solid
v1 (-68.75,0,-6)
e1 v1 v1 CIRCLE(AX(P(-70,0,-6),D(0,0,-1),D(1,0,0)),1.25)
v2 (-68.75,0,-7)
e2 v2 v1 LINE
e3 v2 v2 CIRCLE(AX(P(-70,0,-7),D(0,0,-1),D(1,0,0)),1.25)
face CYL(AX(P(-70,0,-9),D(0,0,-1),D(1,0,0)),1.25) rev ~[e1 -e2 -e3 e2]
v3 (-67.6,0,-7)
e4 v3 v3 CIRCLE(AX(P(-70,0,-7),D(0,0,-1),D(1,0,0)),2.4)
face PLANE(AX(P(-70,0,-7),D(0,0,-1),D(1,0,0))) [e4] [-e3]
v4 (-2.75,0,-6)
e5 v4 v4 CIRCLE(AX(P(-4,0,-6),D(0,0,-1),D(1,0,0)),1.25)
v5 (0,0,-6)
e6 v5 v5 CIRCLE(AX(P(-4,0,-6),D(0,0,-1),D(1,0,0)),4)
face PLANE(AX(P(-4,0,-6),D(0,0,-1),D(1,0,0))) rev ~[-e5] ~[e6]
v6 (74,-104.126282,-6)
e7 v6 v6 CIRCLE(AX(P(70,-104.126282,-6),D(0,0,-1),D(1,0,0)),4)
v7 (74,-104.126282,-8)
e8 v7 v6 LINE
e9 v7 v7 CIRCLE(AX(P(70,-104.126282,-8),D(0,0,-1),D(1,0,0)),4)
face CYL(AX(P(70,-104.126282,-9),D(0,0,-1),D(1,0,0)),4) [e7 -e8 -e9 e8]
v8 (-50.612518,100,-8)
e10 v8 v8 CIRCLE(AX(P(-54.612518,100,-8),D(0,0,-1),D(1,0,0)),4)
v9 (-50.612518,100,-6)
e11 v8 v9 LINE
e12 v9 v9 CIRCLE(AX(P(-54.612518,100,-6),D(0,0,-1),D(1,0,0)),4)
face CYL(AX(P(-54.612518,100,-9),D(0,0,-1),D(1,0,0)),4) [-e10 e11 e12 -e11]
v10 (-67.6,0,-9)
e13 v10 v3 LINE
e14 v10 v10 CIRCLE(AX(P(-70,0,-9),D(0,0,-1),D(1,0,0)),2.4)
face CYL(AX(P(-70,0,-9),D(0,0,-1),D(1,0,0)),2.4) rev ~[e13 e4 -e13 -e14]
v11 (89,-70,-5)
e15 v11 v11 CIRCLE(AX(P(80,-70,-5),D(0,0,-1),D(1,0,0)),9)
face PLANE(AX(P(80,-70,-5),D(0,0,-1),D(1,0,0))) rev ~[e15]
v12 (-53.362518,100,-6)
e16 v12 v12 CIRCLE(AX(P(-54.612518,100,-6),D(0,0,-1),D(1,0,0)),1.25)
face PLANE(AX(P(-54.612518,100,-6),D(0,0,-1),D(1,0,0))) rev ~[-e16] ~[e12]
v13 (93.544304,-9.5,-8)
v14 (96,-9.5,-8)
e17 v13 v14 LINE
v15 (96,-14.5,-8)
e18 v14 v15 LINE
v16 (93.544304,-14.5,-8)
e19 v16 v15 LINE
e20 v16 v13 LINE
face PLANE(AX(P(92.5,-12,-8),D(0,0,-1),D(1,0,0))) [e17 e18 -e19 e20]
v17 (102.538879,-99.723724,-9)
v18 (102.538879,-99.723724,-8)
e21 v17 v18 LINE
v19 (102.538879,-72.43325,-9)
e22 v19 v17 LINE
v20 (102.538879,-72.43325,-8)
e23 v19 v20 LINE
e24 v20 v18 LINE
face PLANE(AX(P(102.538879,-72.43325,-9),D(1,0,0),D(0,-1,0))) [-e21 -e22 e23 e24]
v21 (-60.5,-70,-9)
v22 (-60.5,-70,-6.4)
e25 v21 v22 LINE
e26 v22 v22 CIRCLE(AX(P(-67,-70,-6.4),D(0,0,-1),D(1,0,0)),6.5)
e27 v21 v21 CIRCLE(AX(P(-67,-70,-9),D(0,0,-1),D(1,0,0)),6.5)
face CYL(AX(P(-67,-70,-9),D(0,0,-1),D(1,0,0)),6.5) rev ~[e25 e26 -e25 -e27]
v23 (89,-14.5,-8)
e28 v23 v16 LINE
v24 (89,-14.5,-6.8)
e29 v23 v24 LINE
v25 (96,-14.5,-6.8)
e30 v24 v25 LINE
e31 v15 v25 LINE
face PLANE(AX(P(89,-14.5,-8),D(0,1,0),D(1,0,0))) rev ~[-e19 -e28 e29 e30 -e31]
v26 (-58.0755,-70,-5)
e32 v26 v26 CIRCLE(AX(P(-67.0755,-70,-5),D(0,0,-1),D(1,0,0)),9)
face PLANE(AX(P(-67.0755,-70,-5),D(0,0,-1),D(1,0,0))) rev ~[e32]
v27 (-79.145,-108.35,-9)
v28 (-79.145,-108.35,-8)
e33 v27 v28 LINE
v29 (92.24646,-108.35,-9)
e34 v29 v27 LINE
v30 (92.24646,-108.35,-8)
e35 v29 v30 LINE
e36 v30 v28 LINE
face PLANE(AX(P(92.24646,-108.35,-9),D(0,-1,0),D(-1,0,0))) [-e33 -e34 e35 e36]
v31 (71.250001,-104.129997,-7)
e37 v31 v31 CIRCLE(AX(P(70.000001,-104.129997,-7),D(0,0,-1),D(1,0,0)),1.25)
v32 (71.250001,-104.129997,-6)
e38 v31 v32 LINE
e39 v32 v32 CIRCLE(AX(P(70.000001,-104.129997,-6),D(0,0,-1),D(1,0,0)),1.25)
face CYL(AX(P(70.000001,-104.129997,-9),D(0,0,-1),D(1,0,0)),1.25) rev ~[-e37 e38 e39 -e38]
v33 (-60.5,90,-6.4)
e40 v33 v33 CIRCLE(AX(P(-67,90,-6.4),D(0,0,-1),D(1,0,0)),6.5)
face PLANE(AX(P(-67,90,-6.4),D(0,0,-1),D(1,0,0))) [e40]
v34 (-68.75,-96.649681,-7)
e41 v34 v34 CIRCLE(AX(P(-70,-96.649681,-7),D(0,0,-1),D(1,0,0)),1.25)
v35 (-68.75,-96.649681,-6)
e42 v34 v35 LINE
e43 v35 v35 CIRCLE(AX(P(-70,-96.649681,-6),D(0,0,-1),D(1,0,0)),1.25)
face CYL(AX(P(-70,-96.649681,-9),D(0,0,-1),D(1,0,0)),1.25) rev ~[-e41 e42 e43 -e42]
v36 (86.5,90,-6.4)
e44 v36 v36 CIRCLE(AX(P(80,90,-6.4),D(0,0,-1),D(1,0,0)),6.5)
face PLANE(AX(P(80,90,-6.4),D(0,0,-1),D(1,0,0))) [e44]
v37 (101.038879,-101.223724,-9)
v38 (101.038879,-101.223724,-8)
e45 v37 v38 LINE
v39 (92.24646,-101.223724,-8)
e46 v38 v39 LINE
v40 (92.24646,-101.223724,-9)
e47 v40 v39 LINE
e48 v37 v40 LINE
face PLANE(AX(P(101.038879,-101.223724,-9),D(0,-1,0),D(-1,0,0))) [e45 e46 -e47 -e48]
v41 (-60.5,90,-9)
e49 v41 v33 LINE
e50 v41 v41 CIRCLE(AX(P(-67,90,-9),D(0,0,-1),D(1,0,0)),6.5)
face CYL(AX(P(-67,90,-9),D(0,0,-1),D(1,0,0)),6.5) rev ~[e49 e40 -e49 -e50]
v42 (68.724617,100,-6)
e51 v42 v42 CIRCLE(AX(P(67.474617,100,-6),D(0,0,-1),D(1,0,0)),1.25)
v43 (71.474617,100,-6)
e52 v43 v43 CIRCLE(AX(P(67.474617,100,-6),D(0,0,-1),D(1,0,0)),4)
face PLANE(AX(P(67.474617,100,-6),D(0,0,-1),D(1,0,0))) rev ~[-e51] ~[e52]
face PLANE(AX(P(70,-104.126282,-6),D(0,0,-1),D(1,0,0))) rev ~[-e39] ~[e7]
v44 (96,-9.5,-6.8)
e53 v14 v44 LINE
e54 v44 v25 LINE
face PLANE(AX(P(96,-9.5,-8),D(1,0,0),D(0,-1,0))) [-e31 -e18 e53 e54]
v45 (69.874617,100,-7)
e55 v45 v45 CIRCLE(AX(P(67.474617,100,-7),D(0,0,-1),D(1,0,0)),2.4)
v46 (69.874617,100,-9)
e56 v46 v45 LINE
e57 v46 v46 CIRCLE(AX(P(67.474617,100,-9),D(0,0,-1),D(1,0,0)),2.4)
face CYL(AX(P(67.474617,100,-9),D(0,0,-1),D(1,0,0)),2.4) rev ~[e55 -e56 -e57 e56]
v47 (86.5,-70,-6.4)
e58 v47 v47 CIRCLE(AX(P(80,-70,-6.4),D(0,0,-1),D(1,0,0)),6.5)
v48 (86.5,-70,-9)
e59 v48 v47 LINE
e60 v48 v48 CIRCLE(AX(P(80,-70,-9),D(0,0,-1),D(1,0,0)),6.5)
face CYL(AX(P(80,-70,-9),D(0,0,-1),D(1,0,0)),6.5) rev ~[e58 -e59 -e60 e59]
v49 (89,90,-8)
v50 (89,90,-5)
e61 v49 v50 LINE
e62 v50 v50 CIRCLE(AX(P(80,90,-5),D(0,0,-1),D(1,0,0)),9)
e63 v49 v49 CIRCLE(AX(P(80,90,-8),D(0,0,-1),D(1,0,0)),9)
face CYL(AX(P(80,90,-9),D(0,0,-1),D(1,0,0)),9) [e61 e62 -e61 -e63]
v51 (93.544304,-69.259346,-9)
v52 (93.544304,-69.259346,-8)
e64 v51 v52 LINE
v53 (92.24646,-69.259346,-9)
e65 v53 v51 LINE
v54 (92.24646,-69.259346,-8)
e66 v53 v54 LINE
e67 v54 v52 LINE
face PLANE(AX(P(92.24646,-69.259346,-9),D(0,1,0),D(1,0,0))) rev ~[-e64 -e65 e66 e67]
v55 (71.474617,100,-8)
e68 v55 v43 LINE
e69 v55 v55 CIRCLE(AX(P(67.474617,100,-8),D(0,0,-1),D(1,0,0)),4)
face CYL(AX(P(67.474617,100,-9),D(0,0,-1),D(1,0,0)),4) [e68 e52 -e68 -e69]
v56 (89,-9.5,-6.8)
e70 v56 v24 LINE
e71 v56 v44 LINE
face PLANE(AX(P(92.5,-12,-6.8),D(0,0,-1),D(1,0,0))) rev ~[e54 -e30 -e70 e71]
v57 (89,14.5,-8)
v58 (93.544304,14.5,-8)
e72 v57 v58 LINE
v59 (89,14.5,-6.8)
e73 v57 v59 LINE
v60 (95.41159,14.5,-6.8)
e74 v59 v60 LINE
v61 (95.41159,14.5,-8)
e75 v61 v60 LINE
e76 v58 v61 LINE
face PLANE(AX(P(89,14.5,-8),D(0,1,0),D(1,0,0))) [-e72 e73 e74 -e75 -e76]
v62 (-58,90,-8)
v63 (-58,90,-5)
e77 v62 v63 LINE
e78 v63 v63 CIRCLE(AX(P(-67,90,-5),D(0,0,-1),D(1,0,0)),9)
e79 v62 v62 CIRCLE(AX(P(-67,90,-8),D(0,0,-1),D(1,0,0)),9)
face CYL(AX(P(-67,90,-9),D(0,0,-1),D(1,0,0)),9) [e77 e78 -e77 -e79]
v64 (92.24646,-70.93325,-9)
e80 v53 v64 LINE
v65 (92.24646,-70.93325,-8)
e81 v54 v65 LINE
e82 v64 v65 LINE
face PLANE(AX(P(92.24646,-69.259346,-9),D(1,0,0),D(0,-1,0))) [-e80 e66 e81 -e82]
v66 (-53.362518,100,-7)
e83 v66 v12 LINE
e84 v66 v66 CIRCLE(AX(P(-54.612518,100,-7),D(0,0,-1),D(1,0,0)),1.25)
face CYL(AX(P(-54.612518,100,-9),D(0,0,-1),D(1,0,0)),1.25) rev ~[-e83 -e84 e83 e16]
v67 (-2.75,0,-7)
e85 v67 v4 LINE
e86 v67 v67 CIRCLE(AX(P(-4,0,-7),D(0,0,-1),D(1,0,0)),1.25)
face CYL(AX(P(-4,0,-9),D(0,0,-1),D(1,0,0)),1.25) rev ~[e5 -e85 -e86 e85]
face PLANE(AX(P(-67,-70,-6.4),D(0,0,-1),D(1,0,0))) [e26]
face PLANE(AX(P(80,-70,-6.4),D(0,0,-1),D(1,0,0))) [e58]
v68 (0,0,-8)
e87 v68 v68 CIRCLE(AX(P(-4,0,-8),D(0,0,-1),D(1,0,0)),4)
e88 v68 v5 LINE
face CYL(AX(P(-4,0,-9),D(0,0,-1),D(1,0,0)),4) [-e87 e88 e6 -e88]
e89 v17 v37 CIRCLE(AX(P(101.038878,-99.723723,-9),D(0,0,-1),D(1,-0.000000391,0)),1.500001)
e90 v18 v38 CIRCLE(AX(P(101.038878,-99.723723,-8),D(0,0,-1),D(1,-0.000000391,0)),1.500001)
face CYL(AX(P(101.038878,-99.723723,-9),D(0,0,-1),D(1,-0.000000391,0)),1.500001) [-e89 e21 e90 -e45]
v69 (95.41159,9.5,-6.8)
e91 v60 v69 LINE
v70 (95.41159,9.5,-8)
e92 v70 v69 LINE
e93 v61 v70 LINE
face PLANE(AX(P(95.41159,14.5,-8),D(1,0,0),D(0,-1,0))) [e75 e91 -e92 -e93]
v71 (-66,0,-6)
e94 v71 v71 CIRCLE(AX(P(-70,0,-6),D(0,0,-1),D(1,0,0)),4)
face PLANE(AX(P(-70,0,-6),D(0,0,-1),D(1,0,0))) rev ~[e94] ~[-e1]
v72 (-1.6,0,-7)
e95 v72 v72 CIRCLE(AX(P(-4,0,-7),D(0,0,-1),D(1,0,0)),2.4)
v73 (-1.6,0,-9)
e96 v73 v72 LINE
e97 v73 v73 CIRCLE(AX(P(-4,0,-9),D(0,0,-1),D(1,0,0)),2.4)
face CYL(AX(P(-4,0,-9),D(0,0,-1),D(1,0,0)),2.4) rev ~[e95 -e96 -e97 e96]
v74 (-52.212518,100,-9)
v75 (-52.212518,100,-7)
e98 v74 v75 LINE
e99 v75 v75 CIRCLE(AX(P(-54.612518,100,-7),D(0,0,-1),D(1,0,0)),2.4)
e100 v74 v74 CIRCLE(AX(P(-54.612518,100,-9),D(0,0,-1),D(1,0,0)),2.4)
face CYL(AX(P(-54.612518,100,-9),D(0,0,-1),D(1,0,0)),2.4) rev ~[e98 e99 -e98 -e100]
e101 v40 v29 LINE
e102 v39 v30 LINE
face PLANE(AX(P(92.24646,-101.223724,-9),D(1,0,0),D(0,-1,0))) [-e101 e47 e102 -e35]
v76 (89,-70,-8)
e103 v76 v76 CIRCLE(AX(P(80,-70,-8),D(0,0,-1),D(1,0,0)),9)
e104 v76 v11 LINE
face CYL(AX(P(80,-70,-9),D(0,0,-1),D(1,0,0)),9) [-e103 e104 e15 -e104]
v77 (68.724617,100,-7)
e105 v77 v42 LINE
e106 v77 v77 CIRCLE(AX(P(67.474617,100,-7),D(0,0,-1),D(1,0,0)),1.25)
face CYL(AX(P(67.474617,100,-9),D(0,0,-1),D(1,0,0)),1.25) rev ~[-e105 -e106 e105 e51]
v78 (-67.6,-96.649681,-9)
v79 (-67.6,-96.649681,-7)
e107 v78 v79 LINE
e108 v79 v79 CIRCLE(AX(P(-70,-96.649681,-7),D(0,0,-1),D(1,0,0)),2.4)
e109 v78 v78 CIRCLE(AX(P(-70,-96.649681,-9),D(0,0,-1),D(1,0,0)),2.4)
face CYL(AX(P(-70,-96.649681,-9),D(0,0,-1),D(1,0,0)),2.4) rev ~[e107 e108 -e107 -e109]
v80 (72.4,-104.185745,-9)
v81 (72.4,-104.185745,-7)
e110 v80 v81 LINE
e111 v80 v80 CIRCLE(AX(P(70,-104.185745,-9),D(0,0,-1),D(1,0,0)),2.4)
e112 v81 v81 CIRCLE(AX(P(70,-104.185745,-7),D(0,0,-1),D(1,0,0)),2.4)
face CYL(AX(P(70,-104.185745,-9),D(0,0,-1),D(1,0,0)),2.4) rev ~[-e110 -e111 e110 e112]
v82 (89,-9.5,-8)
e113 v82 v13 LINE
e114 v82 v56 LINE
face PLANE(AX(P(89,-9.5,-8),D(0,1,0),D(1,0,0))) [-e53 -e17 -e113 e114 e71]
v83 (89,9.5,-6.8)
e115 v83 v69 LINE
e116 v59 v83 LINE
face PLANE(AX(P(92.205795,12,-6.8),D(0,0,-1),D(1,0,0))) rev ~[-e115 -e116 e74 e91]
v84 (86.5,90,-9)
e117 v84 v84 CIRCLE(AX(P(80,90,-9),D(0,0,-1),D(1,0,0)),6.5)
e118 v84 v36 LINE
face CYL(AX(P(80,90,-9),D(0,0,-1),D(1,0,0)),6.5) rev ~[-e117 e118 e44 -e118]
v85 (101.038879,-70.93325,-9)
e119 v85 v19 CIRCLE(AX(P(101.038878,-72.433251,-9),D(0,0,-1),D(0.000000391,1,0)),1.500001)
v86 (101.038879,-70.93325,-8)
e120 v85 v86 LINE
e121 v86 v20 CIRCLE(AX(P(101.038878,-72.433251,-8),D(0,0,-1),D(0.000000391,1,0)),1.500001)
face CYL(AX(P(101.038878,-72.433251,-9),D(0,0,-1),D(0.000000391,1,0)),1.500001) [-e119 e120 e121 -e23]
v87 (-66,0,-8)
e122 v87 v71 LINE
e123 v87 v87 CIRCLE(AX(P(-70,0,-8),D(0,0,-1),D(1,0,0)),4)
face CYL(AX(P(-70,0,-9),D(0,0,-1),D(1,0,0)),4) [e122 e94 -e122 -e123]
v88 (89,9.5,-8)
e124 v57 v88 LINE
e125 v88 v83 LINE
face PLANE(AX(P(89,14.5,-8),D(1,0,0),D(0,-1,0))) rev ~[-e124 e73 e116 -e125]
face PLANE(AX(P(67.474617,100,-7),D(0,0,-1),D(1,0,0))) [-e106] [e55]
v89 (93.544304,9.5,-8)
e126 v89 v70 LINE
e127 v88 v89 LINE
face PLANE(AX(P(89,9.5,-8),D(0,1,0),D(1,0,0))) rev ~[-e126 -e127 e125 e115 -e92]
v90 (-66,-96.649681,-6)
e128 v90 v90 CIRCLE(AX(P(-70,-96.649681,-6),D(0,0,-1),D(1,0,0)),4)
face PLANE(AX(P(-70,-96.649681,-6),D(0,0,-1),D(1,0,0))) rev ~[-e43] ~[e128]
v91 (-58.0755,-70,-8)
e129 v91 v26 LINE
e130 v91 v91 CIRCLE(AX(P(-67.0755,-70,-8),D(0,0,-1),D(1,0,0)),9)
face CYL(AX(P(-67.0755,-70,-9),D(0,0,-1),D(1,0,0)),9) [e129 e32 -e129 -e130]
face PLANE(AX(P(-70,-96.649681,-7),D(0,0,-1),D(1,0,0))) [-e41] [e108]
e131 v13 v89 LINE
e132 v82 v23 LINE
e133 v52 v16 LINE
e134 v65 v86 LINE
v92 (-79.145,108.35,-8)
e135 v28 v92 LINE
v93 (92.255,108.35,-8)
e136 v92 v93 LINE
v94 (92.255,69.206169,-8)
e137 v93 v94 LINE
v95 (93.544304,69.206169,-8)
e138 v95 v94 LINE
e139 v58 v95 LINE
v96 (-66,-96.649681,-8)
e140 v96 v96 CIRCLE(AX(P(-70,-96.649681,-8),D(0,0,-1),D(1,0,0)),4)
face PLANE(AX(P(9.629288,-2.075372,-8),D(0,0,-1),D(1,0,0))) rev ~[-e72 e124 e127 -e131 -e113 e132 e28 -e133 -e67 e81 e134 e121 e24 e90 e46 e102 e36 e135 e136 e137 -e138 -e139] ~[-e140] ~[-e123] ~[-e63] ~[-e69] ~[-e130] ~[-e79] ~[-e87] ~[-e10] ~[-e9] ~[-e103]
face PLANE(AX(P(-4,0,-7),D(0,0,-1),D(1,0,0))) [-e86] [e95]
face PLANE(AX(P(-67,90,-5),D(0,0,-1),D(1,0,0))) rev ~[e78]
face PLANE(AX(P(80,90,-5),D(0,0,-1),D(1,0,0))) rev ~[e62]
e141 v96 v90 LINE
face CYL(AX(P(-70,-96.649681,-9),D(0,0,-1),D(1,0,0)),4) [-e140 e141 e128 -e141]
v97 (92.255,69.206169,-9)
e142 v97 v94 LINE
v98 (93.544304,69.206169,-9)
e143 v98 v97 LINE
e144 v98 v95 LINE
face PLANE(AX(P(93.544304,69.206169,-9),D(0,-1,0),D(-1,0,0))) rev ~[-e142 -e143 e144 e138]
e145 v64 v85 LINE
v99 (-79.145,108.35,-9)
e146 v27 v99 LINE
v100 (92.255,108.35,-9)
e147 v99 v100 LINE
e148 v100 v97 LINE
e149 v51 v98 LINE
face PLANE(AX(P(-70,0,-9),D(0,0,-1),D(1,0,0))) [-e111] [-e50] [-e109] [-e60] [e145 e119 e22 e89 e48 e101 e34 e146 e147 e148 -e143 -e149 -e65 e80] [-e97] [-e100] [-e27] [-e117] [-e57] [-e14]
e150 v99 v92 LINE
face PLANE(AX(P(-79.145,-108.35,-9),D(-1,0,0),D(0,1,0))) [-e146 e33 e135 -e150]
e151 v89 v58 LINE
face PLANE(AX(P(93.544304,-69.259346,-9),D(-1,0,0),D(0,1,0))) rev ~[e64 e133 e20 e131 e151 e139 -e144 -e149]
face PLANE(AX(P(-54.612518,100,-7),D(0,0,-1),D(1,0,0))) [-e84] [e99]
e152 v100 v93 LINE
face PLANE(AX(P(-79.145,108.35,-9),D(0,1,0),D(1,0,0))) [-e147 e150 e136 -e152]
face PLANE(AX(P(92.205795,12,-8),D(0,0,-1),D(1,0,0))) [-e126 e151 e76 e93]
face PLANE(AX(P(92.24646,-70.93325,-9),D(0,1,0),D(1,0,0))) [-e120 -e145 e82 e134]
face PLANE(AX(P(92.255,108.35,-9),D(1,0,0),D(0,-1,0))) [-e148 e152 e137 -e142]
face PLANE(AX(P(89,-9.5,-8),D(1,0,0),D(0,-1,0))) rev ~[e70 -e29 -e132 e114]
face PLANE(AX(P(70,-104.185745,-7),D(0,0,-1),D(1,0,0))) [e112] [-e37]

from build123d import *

# Parameters (mm, degrees)
PAD010_DEPTH    = 1
SKETCH046_R     = 9
PAD011_DEPTH    = 4
SKETCH047_R     = 6.5
POCKET029_DEPTH = 2.6
SKETCH050_R     = 4
PAD012_DEPTH    = 3
SKETCH051_R     = 2.4
POCKET031_DEPTH = 2
SKETCH052_R     = 1.25
POCKET032_DEPTH = 5
SKETCH059_W     = 7
SKETCH059_H     = 5
SKETCH059_W_2   = 6.41159
PAD013_DEPTH    = 1.2


with BuildPart() as part:
    # Sketch044 (on DatumPlane) → Pad010 (new body)
    with BuildSketch(Plane(origin=(0, 0, -9), x_dir=(1, 0, 0), z_dir=(0, 0, -1))):
        with BuildLine():
            Line((-79.145, 108.35), (-79.145, -108.35))
            Line((-79.145, -108.35), (92.255, -108.35))
            Line((92.255, -108.35), (92.255, -69.206169))
            Line((93.544304, -69.206169), (92.255, -69.206169))
            Line((93.544304, 69.259346), (93.544304, -69.206169))
            Line((92.24646, 69.259346), (93.544304, 69.259346))
            Line((92.24646, 69.259346), (92.24646, 70.93325))
            Line((92.24646, 70.93325), (101.038879, 70.93325))
            ThreePointArc((101.038879, 70.93325), (102.099539, 71.37259), (102.538879, 72.43325))
            Line((102.538879, 72.43325), (102.538879, 99.723724))
            ThreePointArc((102.538879, 99.723724), (102.099539, 100.784384), (101.038879, 101.223724))
            Line((101.038879, 101.223724), (92.24646, 101.223724))
            Line((92.24646, 101.223724), (92.24646, 108.35))
            Line((92.24646, 108.35), (-79.145, 108.35))
        make_face()
    extrude(amount=-PAD010_DEPTH)

    # Sketch046 (on DatumPlane) → Pad011 (join)
    with BuildSketch(Plane(origin=(0, 0, -9), x_dir=(1, 0, 0), z_dir=(0, 0, -1))):
        with Locations((-67.0755, 70)):
            Circle(SKETCH046_R)
        with Locations((80, 70)):
            Circle(SKETCH046_R)
        with Locations((80, -90)):
            Circle(SKETCH046_R)
        with Locations((-67, -90)):
            Circle(SKETCH046_R)
    extrude(amount=-PAD011_DEPTH)

    # Sketch047 (on DatumPlane) → Pocket029 (cut)
    with BuildSketch(Plane(origin=(0, 0, -9), x_dir=(1, 0, 0), z_dir=(0, 0, -1))):
        with Locations((-67, 70)):
            Circle(SKETCH047_R)
        with Locations((80, 70)):
            Circle(SKETCH047_R)
        with Locations((80, -90)):
            Circle(SKETCH047_R)
        with Locations((-67, -90)):
            Circle(SKETCH047_R)
    extrude(amount=-POCKET029_DEPTH, mode=Mode.SUBTRACT)

    # Sketch050 (on DatumPlane) → Pad012 (join)
    with BuildSketch(Plane(origin=(0, 0, -9), x_dir=(1, 0, 0), z_dir=(0, 0, -1))):
        with Locations((-70, 0)):
            Circle(SKETCH050_R)
        with Locations((-70, 96.649681)):
            Circle(SKETCH050_R)
        with Locations((-4, 0)):
            Circle(SKETCH050_R)
        with Locations((67.474617, -100)):
            Circle(SKETCH050_R)
        with Locations((-54.612518, -100)):
            Circle(SKETCH050_R)
        with Locations((70, 104.126282)):
            Circle(SKETCH050_R)
    extrude(amount=-PAD012_DEPTH)

    # Sketch051 (on DatumPlane) → Pocket031 (cut)
    with BuildSketch(Plane(origin=(0, 0, -9), x_dir=(1, 0, 0), z_dir=(0, 0, -1))):
        with Locations((-70, 0)):
            Circle(SKETCH051_R)
        with Locations((-4, 0)):
            Circle(SKETCH051_R)
        with Locations((67.474617, -100)):
            Circle(SKETCH051_R)
        with Locations((-54.612518, -100)):
            Circle(SKETCH051_R)
        with Locations((-70, 96.649681)):
            Circle(SKETCH051_R)
        with Locations((70, 104.185745)):
            Circle(SKETCH051_R)
    extrude(amount=-POCKET031_DEPTH, mode=Mode.SUBTRACT)

    # Sketch052 (on DatumPlane) → Pocket032 (cut)
    with BuildSketch(Plane(origin=(0, 0, -9), x_dir=(1, 0, 0), z_dir=(0, 0, -1))):
        with Locations((-54.612518, -100)):
            Circle(SKETCH052_R)
        with Locations((67.474617, -100)):
            Circle(SKETCH052_R)
        with Locations((-4, 0)):
            Circle(SKETCH052_R)
        with Locations((-70, 0)):
            Circle(SKETCH052_R)
        with Locations((70.000001, 104.129997)):
            Circle(SKETCH052_R)
        with Locations((-70, 96.649681)):
            Circle(SKETCH052_R)
    extrude(amount=-POCKET032_DEPTH, mode=Mode.SUBTRACT)

    # Sketch059 (on DatumPlane) → Pad013 (join)
    with BuildSketch(Plane(origin=(0, 0, -8), x_dir=(1, 0, 0), z_dir=(0, 0, -1))):
        with Locations((92.5, 12)):
            Rectangle(SKETCH059_W, SKETCH059_H)
        with Locations((92.205795, -12)):
            Rectangle(SKETCH059_W_2, SKETCH059_H)
    extrude(amount=-PAD013_DEPTH)


solid = part.part
